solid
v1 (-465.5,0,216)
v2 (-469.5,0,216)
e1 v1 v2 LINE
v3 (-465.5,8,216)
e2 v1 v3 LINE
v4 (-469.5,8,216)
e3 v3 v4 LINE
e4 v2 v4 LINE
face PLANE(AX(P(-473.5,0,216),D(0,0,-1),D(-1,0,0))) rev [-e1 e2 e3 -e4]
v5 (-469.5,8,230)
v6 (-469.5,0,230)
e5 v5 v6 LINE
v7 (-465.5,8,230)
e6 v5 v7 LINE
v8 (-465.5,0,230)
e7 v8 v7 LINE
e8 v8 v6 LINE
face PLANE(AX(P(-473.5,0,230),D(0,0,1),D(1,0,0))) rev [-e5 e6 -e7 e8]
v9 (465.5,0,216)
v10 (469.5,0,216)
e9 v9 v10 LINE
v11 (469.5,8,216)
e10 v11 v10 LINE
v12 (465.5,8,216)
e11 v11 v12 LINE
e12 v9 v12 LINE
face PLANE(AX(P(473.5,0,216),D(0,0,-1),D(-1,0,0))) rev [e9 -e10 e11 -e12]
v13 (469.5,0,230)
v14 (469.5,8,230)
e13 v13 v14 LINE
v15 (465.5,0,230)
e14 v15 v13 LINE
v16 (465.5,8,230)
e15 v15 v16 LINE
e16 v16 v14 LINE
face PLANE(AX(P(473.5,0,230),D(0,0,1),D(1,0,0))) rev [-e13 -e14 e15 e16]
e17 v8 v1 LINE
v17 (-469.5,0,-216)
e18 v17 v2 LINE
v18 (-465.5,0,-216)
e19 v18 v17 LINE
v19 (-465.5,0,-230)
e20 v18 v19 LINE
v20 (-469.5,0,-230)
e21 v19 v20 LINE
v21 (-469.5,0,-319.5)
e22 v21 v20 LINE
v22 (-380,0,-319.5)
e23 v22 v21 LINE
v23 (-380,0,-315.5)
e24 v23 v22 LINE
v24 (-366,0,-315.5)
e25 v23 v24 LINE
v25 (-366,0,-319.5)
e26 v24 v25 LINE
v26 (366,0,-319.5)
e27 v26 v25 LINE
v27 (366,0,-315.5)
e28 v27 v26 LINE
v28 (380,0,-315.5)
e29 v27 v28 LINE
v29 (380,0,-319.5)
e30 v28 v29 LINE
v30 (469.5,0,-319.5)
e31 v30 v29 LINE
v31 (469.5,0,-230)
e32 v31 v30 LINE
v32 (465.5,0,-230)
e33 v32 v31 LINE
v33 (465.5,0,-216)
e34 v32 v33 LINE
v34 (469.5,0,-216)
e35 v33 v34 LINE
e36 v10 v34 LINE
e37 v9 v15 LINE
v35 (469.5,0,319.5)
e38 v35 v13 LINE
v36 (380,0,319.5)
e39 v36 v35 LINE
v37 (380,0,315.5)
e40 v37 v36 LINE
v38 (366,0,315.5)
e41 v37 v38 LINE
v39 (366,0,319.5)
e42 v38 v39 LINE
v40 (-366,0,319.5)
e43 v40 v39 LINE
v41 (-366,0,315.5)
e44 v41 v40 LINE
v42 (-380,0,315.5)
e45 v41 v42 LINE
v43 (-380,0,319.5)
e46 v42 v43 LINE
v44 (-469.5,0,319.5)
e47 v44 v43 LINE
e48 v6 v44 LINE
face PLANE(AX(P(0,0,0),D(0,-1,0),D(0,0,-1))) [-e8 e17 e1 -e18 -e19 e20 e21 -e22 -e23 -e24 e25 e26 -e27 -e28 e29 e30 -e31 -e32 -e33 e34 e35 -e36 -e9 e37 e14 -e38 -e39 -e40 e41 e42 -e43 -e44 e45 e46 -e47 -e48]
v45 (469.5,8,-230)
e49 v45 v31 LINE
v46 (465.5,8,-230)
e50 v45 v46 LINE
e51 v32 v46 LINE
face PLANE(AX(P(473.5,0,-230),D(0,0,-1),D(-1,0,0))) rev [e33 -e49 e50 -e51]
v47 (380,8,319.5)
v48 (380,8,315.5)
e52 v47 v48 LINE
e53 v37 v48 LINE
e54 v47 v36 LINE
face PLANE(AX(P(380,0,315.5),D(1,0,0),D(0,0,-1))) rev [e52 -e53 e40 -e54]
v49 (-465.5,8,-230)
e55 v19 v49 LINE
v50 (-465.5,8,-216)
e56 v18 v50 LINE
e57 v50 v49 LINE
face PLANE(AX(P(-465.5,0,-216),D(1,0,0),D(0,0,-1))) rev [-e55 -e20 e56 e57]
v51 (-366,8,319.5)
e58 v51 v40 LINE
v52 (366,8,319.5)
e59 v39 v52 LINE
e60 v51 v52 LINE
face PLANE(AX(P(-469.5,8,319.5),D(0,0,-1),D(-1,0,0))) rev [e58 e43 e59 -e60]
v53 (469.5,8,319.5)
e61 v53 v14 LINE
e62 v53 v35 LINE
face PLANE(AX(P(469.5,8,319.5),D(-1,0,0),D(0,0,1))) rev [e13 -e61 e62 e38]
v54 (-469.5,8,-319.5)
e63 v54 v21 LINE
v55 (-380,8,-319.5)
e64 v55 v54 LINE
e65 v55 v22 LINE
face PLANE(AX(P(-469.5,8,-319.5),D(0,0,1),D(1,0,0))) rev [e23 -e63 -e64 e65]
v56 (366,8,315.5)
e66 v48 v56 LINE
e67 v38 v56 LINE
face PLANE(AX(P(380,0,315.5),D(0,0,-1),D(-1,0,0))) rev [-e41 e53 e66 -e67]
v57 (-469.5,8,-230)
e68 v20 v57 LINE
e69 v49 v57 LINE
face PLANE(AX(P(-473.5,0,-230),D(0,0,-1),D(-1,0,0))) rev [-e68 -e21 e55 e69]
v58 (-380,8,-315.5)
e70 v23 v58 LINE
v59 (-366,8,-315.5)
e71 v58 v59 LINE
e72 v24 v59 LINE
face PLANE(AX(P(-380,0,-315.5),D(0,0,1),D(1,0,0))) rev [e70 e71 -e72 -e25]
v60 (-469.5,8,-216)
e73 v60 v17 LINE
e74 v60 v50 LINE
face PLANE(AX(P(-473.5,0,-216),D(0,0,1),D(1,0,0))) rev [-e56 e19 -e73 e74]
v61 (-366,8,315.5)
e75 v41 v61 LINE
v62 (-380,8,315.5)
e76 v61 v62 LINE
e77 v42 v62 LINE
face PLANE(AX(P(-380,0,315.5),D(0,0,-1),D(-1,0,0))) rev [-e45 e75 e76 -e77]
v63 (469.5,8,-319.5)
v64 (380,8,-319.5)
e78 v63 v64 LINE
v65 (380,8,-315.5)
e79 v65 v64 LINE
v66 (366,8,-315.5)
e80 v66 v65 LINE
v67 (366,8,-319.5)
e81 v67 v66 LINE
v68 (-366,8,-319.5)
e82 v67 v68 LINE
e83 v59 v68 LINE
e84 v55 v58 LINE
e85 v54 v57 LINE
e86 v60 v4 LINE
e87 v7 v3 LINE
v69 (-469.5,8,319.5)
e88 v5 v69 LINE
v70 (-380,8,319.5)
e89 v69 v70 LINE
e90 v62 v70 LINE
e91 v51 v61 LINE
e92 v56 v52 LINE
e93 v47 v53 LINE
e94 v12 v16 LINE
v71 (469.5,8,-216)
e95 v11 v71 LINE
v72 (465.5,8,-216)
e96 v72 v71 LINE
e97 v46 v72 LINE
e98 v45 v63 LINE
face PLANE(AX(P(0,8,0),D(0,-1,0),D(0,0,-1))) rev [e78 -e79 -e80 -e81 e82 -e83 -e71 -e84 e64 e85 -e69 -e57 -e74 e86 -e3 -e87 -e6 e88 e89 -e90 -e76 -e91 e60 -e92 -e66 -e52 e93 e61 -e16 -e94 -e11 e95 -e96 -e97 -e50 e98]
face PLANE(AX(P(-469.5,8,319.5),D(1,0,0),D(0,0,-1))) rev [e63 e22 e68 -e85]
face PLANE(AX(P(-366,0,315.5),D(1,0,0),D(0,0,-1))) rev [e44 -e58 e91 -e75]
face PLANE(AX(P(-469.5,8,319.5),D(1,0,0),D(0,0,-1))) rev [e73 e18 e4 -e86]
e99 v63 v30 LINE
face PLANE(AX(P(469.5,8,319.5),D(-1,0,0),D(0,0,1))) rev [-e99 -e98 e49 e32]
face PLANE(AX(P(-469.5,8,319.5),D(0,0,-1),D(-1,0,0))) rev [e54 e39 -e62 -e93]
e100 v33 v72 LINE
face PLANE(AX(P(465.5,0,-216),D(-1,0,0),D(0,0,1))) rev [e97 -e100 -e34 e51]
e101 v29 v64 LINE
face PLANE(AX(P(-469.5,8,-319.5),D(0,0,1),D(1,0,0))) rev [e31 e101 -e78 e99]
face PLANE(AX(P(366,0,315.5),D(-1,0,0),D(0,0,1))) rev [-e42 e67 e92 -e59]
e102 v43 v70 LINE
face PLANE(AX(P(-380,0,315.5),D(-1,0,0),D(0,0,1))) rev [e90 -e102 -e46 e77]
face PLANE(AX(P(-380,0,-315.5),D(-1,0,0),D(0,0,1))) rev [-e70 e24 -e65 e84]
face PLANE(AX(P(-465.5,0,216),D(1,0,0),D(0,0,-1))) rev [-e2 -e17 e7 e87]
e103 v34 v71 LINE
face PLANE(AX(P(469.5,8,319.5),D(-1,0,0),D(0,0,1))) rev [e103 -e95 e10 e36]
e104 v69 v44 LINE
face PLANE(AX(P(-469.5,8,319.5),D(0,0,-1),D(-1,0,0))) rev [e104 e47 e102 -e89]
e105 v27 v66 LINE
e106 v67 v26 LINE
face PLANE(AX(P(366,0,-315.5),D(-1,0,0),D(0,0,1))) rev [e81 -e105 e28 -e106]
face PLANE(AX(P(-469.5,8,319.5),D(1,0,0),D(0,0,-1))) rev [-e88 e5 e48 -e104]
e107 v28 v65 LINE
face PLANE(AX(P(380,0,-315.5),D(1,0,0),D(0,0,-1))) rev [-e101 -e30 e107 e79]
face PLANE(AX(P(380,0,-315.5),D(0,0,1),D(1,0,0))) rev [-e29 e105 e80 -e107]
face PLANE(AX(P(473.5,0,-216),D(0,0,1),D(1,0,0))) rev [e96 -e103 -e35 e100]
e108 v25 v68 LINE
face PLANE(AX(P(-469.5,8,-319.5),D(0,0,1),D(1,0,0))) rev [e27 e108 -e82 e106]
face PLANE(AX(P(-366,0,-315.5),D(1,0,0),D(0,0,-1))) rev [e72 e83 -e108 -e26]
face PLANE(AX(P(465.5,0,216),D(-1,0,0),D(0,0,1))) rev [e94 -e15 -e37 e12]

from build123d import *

# Parameters (mm, degrees)
SKETCH1_W           = 939
SKETCH1_H           = 639
BOSS_EXTRUDE1_DEPTH = 8
SKETCH2_W           = 14
SKETCH2_H           = 8
SKETCH2_W_2         = 8
SKETCH2_H_2         = 14
CUT_EXTRUDE1_DEPTH  = 9


with BuildPart() as part:
    # Sketch1 → Boss-Extrude1 (new body)
    with BuildSketch(Plane(origin=(0, 0, 0), x_dir=(1, 0, 0), z_dir=(0, 1, 0))):
        Rectangle(SKETCH1_W, SKETCH1_H)
    extrude(amount=BOSS_EXTRUDE1_DEPTH)

    # Sketch2 → Cut-Extrude1 (cut, through all)
    with BuildSketch(Plane(origin=(0, 8, 0), x_dir=(1, 0, 0), z_dir=(0, 1, 0))):
        with Locations((-373, -319.5)):
            Rectangle(SKETCH2_W, SKETCH2_H)
        with Locations((373, -319.5)):
            Rectangle(SKETCH2_W, SKETCH2_H)
        with Locations((-373, 319.5)):
            Rectangle(SKETCH2_W, SKETCH2_H)
        with Locations((-469.5, -223)):
            Rectangle(SKETCH2_W_2, SKETCH2_H_2)
        with Locations((373, 319.5)):
            Rectangle(SKETCH2_W, SKETCH2_H)
        with Locations((-469.5, 223)):
            Rectangle(SKETCH2_W_2, SKETCH2_H_2)
        with Locations((469.5, 223)):
            Rectangle(SKETCH2_W_2, SKETCH2_H_2)
        with Locations((469.5, -223)):
            Rectangle(SKETCH2_W_2, SKETCH2_H_2)
    extrude(amount=-CUT_EXTRUDE1_DEPTH, mode=Mode.SUBTRACT)


solid = part.part
